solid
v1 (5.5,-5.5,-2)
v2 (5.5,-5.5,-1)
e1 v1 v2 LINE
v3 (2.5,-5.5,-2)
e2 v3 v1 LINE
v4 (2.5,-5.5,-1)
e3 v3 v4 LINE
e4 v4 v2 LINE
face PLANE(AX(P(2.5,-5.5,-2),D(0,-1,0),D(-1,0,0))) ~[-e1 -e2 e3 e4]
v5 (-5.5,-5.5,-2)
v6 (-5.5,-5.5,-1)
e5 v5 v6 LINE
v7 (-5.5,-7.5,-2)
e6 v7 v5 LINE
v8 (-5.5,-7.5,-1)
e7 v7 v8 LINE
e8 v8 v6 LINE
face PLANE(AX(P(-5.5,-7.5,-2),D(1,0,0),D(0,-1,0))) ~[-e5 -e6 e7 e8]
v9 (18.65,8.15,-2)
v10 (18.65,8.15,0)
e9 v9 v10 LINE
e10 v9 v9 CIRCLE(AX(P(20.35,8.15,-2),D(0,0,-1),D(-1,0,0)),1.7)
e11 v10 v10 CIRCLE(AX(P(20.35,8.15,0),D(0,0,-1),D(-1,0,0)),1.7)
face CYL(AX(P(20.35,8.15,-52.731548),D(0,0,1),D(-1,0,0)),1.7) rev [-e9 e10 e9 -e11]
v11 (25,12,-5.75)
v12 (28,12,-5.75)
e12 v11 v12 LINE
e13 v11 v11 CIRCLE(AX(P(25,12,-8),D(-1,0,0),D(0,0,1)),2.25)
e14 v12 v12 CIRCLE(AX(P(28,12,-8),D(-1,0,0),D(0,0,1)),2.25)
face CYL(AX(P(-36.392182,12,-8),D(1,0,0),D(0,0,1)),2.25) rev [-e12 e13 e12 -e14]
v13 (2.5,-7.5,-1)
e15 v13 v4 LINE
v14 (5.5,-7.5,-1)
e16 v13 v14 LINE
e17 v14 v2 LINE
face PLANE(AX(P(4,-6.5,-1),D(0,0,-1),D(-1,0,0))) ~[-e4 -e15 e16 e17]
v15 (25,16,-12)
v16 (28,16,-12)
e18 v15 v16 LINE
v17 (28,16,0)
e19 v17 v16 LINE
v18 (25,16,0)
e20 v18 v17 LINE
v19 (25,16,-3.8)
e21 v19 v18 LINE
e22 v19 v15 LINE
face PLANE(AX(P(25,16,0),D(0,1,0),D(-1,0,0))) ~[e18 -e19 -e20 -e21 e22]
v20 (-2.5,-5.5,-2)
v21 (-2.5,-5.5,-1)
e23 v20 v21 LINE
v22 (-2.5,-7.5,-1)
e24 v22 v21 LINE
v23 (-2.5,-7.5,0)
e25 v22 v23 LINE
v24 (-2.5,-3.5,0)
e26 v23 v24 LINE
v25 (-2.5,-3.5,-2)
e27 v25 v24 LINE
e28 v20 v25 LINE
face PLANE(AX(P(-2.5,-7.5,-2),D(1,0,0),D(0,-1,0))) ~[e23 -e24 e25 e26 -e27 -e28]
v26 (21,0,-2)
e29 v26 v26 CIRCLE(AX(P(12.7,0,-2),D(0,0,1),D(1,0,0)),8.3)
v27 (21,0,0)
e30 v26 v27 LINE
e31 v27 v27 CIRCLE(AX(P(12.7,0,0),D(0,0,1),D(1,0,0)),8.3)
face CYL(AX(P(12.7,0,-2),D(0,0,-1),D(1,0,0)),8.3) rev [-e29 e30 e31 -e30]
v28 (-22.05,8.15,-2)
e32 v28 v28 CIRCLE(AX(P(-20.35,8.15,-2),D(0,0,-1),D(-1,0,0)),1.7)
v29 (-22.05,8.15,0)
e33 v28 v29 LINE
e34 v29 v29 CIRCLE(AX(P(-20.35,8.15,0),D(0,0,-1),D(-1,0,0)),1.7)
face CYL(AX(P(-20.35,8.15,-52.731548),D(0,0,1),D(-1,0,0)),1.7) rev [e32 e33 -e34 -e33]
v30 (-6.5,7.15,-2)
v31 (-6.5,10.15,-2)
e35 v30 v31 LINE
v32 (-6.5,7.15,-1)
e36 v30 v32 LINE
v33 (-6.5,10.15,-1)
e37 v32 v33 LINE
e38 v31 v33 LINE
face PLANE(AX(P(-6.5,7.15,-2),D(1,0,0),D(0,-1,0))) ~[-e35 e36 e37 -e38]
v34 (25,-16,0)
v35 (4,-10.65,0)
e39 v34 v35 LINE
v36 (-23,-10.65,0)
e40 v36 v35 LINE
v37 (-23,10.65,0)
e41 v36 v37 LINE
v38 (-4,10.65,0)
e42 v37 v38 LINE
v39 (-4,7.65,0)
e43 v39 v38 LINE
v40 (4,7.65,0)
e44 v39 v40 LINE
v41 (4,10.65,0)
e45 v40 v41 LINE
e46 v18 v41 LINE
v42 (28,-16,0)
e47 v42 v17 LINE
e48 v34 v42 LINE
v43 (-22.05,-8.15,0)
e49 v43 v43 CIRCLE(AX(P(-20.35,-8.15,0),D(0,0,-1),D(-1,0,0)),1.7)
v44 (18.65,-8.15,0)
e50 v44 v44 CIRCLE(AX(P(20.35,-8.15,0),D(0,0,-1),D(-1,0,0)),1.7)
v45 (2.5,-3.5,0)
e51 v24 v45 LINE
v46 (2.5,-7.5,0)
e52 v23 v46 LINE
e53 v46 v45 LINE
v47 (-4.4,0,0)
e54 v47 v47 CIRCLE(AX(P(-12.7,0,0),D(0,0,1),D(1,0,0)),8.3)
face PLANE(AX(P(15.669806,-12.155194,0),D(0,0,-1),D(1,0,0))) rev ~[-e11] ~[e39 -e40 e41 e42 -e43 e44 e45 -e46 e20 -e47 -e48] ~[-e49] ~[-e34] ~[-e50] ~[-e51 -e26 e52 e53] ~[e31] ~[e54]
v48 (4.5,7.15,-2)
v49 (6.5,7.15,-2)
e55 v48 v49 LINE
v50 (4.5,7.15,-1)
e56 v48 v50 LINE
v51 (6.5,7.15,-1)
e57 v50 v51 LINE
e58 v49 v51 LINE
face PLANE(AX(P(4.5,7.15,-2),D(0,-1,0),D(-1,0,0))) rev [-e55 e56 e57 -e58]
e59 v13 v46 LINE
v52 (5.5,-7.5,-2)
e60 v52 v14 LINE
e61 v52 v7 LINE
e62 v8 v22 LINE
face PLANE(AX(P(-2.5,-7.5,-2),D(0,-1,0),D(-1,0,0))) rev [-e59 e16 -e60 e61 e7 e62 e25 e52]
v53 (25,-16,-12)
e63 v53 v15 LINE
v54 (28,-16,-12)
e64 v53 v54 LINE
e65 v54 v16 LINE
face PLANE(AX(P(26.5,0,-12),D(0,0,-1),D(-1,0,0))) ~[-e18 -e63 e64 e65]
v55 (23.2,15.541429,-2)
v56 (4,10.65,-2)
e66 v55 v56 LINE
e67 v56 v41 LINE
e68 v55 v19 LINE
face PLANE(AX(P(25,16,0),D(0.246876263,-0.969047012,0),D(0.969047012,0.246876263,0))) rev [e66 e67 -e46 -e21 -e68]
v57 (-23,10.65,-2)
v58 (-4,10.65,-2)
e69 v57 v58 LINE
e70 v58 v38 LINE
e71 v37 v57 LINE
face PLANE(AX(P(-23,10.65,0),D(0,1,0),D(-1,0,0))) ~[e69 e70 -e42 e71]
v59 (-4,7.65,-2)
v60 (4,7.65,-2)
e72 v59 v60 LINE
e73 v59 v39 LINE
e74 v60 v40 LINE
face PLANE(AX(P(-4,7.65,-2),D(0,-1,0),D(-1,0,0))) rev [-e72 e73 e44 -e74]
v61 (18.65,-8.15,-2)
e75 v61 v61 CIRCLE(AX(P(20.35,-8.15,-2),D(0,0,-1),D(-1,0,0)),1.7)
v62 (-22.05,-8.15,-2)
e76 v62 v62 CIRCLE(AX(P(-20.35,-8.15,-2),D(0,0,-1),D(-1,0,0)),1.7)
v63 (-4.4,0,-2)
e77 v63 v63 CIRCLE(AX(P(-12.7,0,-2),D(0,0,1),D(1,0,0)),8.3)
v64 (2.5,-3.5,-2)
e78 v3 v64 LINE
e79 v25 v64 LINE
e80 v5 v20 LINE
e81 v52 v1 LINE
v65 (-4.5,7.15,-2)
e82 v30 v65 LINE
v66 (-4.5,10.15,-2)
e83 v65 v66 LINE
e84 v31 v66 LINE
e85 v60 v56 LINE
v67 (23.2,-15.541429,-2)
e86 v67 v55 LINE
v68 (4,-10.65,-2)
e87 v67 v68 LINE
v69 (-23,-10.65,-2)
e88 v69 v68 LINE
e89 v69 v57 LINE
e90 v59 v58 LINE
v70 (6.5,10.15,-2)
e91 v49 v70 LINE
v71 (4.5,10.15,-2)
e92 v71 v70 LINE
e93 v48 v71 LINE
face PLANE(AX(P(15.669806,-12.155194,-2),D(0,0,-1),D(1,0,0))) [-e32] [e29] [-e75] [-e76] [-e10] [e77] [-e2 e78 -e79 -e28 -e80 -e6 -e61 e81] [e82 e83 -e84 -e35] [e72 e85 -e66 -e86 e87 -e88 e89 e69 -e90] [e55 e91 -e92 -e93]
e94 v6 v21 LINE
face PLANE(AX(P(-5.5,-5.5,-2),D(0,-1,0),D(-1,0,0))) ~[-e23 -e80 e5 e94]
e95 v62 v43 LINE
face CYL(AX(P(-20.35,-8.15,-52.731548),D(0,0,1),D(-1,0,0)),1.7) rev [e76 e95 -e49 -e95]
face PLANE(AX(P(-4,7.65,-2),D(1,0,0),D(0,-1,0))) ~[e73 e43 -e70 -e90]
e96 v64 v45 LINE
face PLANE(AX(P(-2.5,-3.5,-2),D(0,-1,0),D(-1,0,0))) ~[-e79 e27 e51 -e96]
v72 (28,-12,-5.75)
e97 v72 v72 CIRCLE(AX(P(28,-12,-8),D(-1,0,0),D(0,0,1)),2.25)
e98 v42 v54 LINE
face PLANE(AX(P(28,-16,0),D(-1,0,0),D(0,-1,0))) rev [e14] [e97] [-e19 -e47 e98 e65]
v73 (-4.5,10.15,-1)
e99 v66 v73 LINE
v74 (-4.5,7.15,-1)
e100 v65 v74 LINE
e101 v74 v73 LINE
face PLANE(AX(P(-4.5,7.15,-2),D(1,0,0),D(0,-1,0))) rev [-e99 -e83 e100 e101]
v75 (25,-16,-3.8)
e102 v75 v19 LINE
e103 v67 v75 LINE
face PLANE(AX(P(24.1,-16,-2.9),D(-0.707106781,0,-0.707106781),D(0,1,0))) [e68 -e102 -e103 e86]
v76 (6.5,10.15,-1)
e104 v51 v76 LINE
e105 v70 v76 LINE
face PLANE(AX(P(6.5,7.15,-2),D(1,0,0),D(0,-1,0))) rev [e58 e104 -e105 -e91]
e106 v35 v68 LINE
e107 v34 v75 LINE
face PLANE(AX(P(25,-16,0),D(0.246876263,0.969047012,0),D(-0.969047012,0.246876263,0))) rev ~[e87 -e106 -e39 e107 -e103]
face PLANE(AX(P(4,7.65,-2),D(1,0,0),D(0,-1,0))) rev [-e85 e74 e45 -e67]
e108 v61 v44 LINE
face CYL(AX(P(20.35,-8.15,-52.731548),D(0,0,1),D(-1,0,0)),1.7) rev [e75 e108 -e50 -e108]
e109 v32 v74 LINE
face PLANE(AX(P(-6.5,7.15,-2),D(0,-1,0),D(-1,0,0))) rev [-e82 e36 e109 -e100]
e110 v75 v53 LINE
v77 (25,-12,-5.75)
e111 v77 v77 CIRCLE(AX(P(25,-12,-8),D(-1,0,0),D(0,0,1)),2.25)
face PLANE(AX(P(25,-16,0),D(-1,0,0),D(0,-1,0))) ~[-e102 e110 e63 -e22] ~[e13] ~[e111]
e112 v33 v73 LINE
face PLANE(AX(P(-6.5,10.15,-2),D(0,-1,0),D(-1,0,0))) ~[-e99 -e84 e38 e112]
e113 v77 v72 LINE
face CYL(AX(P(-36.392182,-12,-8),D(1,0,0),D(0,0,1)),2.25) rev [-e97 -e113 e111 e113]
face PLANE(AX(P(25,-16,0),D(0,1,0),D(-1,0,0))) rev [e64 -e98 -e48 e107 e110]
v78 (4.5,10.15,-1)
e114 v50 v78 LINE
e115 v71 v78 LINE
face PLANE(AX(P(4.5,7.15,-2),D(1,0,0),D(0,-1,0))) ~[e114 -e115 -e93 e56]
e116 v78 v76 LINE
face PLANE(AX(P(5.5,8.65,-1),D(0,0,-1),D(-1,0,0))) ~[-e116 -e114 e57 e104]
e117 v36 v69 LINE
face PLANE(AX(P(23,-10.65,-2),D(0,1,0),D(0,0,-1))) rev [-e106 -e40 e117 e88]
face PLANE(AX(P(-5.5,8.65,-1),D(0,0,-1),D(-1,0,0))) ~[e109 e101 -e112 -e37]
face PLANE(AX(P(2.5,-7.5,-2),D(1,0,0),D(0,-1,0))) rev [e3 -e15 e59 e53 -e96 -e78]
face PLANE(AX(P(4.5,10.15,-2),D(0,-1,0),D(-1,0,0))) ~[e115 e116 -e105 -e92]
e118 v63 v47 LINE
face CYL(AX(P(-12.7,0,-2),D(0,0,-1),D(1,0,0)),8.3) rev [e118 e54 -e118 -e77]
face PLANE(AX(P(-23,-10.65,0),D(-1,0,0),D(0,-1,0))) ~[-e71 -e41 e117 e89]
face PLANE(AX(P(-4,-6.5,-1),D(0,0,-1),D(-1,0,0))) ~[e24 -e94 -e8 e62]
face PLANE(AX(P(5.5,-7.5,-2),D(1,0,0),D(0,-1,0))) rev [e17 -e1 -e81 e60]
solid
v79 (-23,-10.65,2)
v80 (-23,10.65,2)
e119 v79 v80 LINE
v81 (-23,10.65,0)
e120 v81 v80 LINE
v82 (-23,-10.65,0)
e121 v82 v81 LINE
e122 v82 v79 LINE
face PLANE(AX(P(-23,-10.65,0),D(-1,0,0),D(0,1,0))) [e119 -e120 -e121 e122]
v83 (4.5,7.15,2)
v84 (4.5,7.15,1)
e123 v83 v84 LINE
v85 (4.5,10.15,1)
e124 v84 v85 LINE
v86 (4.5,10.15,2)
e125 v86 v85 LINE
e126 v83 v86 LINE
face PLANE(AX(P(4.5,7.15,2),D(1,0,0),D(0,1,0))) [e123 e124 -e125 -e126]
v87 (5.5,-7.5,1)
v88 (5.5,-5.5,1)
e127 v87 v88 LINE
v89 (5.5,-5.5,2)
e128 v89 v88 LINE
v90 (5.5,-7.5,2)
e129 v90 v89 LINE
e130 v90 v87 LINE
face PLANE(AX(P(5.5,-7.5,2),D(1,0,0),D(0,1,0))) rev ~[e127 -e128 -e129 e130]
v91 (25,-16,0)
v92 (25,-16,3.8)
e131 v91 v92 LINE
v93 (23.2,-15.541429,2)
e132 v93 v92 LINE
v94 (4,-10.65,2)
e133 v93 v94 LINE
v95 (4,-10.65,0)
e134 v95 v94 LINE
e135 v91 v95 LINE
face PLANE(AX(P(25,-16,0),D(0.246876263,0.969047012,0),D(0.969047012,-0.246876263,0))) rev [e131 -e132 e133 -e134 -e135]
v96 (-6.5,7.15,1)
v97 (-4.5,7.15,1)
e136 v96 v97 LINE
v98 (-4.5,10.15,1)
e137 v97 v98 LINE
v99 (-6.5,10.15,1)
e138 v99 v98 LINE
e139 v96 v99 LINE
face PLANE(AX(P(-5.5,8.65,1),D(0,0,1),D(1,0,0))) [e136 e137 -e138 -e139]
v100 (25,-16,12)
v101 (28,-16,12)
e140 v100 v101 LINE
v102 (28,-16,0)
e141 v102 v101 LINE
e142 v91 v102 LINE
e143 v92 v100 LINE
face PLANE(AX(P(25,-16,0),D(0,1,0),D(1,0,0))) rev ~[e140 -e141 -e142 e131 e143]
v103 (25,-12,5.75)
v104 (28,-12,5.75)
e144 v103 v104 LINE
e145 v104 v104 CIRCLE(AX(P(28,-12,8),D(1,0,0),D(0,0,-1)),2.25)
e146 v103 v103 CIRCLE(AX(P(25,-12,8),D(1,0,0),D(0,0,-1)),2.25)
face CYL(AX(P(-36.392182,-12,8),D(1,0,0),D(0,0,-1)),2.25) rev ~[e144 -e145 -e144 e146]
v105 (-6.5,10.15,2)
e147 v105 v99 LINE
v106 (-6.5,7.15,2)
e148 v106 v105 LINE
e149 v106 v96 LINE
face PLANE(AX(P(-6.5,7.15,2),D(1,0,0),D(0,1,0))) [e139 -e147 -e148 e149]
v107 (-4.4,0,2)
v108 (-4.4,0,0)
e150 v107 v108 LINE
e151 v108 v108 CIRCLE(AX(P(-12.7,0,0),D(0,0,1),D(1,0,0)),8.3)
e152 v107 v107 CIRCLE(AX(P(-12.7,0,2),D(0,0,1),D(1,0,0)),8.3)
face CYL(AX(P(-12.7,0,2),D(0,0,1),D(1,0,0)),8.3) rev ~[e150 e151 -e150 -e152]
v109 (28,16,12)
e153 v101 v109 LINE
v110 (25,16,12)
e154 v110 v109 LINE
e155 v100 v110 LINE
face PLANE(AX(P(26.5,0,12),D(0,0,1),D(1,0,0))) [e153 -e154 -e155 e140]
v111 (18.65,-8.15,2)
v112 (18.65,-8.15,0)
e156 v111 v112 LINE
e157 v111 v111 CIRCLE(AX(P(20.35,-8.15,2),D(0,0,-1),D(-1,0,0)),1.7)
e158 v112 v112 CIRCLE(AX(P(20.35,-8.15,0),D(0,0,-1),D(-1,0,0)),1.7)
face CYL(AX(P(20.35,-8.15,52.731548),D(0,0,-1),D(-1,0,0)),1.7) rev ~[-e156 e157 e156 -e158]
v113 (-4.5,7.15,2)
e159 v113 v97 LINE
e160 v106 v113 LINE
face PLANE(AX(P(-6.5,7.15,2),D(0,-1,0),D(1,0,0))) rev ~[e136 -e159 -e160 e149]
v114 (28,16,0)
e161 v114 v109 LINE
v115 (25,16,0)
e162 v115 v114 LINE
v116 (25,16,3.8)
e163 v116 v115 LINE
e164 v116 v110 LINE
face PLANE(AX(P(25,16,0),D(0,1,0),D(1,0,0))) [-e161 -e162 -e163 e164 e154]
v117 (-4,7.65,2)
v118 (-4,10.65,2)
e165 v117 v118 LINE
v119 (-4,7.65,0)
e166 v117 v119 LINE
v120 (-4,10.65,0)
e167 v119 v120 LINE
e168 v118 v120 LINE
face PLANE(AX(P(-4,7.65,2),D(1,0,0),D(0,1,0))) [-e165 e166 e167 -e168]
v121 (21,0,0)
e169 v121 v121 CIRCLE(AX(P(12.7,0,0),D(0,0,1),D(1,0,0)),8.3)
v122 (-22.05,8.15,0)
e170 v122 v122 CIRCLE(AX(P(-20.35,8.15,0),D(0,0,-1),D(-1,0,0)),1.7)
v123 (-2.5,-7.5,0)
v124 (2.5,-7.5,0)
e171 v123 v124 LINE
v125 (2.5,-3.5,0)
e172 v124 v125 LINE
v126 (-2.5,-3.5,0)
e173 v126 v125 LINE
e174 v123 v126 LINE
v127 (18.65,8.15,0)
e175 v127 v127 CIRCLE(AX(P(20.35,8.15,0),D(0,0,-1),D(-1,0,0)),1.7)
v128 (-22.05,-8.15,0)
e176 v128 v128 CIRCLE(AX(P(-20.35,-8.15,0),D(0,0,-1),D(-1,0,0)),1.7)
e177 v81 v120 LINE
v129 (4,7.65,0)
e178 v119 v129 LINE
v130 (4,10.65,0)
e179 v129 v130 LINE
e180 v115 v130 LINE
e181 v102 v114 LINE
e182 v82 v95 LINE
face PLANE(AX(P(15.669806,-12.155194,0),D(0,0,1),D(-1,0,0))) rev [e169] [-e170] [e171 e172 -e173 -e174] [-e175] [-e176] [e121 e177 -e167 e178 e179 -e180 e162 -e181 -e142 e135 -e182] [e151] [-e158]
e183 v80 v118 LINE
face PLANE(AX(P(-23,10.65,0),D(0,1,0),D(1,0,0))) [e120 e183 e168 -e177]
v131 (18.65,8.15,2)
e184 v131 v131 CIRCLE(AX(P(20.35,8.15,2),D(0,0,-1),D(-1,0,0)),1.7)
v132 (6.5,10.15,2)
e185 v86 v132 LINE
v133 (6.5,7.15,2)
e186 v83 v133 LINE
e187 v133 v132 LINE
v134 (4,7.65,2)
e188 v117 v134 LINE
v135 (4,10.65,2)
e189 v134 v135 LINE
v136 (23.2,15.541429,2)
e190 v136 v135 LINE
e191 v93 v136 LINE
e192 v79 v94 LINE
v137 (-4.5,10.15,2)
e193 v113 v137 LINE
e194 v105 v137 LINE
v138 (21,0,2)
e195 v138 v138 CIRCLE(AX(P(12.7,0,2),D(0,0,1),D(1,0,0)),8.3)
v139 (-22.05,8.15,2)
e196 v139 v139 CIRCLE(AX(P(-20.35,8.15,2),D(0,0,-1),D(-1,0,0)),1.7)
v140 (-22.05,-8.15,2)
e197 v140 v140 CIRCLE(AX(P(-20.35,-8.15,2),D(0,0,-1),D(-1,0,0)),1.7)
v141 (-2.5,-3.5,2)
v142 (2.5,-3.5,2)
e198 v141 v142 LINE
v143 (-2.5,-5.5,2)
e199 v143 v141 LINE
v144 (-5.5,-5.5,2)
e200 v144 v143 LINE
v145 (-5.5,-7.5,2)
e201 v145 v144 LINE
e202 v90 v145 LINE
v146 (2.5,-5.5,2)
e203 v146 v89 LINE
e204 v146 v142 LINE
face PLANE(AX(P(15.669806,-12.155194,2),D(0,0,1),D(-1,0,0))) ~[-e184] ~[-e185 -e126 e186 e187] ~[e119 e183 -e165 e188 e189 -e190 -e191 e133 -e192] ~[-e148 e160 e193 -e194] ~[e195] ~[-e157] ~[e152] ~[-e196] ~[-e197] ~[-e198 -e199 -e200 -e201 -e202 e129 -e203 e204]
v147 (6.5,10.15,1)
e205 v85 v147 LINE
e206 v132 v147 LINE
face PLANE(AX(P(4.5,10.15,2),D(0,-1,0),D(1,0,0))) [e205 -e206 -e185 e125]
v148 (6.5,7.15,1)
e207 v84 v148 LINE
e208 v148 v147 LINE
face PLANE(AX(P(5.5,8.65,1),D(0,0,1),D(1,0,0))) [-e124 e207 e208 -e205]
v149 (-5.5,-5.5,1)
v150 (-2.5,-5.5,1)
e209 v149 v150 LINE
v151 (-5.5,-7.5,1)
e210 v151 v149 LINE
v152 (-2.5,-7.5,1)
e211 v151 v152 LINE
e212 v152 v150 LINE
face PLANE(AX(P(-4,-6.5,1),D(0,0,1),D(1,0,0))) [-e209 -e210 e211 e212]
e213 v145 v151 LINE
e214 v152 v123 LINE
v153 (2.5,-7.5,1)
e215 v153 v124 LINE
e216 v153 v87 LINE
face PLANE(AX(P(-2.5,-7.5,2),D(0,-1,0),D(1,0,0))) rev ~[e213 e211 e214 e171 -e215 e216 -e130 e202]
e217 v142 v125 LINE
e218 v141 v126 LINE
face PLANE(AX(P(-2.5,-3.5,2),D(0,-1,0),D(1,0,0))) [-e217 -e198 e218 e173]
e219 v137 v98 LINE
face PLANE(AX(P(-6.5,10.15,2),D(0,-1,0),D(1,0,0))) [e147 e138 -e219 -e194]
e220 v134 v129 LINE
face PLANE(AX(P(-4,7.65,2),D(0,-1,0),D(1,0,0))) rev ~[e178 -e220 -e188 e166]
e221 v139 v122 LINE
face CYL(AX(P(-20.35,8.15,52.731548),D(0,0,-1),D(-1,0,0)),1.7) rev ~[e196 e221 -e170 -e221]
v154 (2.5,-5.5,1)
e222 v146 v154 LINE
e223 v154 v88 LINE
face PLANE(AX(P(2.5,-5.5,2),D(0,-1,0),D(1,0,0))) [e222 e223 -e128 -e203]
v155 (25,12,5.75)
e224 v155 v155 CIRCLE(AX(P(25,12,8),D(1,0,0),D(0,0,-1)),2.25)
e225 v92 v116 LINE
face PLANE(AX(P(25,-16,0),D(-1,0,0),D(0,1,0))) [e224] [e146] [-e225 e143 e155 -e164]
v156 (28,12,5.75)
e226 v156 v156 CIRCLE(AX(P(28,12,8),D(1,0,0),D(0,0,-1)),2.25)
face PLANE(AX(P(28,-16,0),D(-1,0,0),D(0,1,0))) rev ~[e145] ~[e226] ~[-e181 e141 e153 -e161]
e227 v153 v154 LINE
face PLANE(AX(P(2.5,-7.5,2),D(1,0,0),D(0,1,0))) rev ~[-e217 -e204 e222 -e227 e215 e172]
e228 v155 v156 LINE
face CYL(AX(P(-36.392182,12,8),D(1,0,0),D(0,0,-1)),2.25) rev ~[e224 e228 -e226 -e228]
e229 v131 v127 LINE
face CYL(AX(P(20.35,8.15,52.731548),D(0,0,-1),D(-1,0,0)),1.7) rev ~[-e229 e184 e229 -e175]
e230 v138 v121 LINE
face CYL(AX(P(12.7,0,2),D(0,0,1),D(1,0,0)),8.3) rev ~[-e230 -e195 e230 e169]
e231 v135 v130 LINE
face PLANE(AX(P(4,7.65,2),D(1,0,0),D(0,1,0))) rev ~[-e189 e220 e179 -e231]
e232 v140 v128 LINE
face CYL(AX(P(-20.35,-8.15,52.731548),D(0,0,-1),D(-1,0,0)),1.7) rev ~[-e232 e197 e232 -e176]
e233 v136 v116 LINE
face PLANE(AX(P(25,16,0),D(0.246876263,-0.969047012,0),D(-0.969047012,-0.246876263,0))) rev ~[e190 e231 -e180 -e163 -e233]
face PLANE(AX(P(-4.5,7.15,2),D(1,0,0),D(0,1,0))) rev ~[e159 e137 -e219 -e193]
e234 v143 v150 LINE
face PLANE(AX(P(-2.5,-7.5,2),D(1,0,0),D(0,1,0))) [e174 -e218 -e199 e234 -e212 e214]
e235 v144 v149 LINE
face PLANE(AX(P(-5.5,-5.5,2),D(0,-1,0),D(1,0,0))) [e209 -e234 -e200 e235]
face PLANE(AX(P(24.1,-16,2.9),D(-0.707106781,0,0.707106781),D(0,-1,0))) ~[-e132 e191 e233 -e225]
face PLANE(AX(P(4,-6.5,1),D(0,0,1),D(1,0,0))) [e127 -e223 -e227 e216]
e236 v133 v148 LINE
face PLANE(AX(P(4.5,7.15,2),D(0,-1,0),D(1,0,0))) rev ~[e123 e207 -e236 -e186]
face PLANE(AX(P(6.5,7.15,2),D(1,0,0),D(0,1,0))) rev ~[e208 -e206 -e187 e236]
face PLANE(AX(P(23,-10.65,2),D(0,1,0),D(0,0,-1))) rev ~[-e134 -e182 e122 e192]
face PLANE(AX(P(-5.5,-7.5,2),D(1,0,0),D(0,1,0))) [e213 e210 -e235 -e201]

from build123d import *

# Parameters (mm, degrees)
SKETCH_1_W          = 46
SKETCH_1_H          = 21.3
EXTRUDE_1_DEPTH     = 2
SKETCH_2_R          = 8.3
CUT_EXTRUDE_1_DEPTH = 3
SKETCH_3_W          = 8
SKETCH_3_H          = 3
CUT_EXTRUDE_2_DEPTH = 3
SKETCH_4_W          = 5
SKETCH_4_H          = 4
CUT_EXTRUDE_3_DEPTH = 3
SKETCH_5_W          = 3
SKETCH_5_H          = 2
SKETCH_5_W_2        = 2
SKETCH_5_H_2        = 3
CUT_EXTRUDE_4_DEPTH = 1
HOLE_WIZARD_M3_1_D  = 3.4
SKETCH_13_W         = 2
SKETCH_13_H         = 21.3
EXTRUDE_5_DEPTH     = 2
SKETCH_9_W          = 3
SKETCH_9_H          = 32
EXTRUDE_3_DEPTH     = 12
HOLE_WIZARD_M4_1_D  = 4.5
EXTRUDE_4_DEPTH     = 2
CHAMFER_1_SIZE      = 1.8


with BuildPart() as part:
    # 草圖1 → 填料-伸長1 (new body)
    with BuildSketch(Plane.XY):
        Rectangle(SKETCH_1_W, SKETCH_1_H)
    extrude(amount=EXTRUDE_1_DEPTH)

    # 草圖2 → 除料-伸長1 (cut, through all)
    with BuildSketch(Plane.XY.offset(2)):
        with Locations((-12.7, 0)):
            Circle(SKETCH_2_R)
        with Locations((12.7, 0)):
            Circle(SKETCH_2_R)
    extrude(amount=-CUT_EXTRUDE_1_DEPTH, mode=Mode.SUBTRACT)

    # 草圖3 → 除料-伸長2 (cut, through all)
    with BuildSketch(Plane.XY.offset(2)):
        with Locations((0, 9.15)):
            Rectangle(SKETCH_3_W, SKETCH_3_H)
    extrude(amount=-CUT_EXTRUDE_2_DEPTH, mode=Mode.SUBTRACT)

    # 草圖4 → 除料-伸長3 (cut, through all)
    with BuildSketch(Plane.XY.offset(2)):
        with Locations((0, -5.5)):
            Rectangle(SKETCH_4_W, SKETCH_4_H)
    extrude(amount=-CUT_EXTRUDE_3_DEPTH, mode=Mode.SUBTRACT)

    # 草圖5 → 除料-伸長4 (cut)
    with BuildSketch(Plane.XY.offset(2)):
        with Locations((4, -6.5)):
            Rectangle(SKETCH_5_W, SKETCH_5_H)
        with Locations((-5.5, 8.65)):
            Rectangle(SKETCH_5_W_2, SKETCH_5_H_2)
        with Locations((5.5, 8.65)):
            Rectangle(SKETCH_5_W_2, SKETCH_5_H_2)
        with Locations((-4, -6.5)):
            Rectangle(SKETCH_5_W, SKETCH_5_H)
    extrude(amount=-CUT_EXTRUDE_4_DEPTH, mode=Mode.SUBTRACT)

    # M3 餘隙孔1 (through all)
    with Locations(Plane.XY.offset(2)):
        with Locations((20.35, 8.15), (-20.35, -8.15), (-20.35, 8.15), (20.35, -8.15)):
            Hole(HOLE_WIZARD_M3_1_D / 2)

    # 草圖13 → 填料-伸長5 (add)
    with BuildSketch(Plane(origin=(23, 0, 0), x_dir=(0, 0, -1), z_dir=(1, 0, 0))):
        with Locations((-1, 0)):
            Rectangle(SKETCH_13_W, SKETCH_13_H)
    extrude(amount=EXTRUDE_5_DEPTH)

    # 草圖9 → 填料-伸長3 (add)
    with BuildSketch(Plane.XY):
        with Locations((26.5, 0)):
            Rectangle(SKETCH_9_W, SKETCH_9_H)
    extrude(amount=EXTRUDE_3_DEPTH)

    # M4 餘隙孔1 (through all)
    with Locations(Plane.ZY.offset(-25)):
        with Locations((8, 12), (8, -12)):
            Hole(HOLE_WIZARD_M4_1_D / 2)

    # 草圖12 → 填料-伸長4 (add)
    with BuildSketch(Plane.XY):
        Polygon((25, 16), (4, 10.65), (25, 10.65), align=None)
    extrude_4 = extrude(amount=EXTRUDE_4_DEPTH)

    # 鏡射1: 填料-伸長4 across plane
    add(extrude_4.mirror(Plane.ZX))

    # 導角1
    chamfer_1_edges = [part.edges().sort_by_distance(p)[0] for p in [
        (25, 0, 2),
    ]]
    chamfer(chamfer_1_edges, length=CHAMFER_1_SIZE)


with BuildPart() as body_2:
    # 鏡射2: mirrored copy
    add(part.part.mirror(Plane.XY))


solid = Compound([part.part, body_2.part])
